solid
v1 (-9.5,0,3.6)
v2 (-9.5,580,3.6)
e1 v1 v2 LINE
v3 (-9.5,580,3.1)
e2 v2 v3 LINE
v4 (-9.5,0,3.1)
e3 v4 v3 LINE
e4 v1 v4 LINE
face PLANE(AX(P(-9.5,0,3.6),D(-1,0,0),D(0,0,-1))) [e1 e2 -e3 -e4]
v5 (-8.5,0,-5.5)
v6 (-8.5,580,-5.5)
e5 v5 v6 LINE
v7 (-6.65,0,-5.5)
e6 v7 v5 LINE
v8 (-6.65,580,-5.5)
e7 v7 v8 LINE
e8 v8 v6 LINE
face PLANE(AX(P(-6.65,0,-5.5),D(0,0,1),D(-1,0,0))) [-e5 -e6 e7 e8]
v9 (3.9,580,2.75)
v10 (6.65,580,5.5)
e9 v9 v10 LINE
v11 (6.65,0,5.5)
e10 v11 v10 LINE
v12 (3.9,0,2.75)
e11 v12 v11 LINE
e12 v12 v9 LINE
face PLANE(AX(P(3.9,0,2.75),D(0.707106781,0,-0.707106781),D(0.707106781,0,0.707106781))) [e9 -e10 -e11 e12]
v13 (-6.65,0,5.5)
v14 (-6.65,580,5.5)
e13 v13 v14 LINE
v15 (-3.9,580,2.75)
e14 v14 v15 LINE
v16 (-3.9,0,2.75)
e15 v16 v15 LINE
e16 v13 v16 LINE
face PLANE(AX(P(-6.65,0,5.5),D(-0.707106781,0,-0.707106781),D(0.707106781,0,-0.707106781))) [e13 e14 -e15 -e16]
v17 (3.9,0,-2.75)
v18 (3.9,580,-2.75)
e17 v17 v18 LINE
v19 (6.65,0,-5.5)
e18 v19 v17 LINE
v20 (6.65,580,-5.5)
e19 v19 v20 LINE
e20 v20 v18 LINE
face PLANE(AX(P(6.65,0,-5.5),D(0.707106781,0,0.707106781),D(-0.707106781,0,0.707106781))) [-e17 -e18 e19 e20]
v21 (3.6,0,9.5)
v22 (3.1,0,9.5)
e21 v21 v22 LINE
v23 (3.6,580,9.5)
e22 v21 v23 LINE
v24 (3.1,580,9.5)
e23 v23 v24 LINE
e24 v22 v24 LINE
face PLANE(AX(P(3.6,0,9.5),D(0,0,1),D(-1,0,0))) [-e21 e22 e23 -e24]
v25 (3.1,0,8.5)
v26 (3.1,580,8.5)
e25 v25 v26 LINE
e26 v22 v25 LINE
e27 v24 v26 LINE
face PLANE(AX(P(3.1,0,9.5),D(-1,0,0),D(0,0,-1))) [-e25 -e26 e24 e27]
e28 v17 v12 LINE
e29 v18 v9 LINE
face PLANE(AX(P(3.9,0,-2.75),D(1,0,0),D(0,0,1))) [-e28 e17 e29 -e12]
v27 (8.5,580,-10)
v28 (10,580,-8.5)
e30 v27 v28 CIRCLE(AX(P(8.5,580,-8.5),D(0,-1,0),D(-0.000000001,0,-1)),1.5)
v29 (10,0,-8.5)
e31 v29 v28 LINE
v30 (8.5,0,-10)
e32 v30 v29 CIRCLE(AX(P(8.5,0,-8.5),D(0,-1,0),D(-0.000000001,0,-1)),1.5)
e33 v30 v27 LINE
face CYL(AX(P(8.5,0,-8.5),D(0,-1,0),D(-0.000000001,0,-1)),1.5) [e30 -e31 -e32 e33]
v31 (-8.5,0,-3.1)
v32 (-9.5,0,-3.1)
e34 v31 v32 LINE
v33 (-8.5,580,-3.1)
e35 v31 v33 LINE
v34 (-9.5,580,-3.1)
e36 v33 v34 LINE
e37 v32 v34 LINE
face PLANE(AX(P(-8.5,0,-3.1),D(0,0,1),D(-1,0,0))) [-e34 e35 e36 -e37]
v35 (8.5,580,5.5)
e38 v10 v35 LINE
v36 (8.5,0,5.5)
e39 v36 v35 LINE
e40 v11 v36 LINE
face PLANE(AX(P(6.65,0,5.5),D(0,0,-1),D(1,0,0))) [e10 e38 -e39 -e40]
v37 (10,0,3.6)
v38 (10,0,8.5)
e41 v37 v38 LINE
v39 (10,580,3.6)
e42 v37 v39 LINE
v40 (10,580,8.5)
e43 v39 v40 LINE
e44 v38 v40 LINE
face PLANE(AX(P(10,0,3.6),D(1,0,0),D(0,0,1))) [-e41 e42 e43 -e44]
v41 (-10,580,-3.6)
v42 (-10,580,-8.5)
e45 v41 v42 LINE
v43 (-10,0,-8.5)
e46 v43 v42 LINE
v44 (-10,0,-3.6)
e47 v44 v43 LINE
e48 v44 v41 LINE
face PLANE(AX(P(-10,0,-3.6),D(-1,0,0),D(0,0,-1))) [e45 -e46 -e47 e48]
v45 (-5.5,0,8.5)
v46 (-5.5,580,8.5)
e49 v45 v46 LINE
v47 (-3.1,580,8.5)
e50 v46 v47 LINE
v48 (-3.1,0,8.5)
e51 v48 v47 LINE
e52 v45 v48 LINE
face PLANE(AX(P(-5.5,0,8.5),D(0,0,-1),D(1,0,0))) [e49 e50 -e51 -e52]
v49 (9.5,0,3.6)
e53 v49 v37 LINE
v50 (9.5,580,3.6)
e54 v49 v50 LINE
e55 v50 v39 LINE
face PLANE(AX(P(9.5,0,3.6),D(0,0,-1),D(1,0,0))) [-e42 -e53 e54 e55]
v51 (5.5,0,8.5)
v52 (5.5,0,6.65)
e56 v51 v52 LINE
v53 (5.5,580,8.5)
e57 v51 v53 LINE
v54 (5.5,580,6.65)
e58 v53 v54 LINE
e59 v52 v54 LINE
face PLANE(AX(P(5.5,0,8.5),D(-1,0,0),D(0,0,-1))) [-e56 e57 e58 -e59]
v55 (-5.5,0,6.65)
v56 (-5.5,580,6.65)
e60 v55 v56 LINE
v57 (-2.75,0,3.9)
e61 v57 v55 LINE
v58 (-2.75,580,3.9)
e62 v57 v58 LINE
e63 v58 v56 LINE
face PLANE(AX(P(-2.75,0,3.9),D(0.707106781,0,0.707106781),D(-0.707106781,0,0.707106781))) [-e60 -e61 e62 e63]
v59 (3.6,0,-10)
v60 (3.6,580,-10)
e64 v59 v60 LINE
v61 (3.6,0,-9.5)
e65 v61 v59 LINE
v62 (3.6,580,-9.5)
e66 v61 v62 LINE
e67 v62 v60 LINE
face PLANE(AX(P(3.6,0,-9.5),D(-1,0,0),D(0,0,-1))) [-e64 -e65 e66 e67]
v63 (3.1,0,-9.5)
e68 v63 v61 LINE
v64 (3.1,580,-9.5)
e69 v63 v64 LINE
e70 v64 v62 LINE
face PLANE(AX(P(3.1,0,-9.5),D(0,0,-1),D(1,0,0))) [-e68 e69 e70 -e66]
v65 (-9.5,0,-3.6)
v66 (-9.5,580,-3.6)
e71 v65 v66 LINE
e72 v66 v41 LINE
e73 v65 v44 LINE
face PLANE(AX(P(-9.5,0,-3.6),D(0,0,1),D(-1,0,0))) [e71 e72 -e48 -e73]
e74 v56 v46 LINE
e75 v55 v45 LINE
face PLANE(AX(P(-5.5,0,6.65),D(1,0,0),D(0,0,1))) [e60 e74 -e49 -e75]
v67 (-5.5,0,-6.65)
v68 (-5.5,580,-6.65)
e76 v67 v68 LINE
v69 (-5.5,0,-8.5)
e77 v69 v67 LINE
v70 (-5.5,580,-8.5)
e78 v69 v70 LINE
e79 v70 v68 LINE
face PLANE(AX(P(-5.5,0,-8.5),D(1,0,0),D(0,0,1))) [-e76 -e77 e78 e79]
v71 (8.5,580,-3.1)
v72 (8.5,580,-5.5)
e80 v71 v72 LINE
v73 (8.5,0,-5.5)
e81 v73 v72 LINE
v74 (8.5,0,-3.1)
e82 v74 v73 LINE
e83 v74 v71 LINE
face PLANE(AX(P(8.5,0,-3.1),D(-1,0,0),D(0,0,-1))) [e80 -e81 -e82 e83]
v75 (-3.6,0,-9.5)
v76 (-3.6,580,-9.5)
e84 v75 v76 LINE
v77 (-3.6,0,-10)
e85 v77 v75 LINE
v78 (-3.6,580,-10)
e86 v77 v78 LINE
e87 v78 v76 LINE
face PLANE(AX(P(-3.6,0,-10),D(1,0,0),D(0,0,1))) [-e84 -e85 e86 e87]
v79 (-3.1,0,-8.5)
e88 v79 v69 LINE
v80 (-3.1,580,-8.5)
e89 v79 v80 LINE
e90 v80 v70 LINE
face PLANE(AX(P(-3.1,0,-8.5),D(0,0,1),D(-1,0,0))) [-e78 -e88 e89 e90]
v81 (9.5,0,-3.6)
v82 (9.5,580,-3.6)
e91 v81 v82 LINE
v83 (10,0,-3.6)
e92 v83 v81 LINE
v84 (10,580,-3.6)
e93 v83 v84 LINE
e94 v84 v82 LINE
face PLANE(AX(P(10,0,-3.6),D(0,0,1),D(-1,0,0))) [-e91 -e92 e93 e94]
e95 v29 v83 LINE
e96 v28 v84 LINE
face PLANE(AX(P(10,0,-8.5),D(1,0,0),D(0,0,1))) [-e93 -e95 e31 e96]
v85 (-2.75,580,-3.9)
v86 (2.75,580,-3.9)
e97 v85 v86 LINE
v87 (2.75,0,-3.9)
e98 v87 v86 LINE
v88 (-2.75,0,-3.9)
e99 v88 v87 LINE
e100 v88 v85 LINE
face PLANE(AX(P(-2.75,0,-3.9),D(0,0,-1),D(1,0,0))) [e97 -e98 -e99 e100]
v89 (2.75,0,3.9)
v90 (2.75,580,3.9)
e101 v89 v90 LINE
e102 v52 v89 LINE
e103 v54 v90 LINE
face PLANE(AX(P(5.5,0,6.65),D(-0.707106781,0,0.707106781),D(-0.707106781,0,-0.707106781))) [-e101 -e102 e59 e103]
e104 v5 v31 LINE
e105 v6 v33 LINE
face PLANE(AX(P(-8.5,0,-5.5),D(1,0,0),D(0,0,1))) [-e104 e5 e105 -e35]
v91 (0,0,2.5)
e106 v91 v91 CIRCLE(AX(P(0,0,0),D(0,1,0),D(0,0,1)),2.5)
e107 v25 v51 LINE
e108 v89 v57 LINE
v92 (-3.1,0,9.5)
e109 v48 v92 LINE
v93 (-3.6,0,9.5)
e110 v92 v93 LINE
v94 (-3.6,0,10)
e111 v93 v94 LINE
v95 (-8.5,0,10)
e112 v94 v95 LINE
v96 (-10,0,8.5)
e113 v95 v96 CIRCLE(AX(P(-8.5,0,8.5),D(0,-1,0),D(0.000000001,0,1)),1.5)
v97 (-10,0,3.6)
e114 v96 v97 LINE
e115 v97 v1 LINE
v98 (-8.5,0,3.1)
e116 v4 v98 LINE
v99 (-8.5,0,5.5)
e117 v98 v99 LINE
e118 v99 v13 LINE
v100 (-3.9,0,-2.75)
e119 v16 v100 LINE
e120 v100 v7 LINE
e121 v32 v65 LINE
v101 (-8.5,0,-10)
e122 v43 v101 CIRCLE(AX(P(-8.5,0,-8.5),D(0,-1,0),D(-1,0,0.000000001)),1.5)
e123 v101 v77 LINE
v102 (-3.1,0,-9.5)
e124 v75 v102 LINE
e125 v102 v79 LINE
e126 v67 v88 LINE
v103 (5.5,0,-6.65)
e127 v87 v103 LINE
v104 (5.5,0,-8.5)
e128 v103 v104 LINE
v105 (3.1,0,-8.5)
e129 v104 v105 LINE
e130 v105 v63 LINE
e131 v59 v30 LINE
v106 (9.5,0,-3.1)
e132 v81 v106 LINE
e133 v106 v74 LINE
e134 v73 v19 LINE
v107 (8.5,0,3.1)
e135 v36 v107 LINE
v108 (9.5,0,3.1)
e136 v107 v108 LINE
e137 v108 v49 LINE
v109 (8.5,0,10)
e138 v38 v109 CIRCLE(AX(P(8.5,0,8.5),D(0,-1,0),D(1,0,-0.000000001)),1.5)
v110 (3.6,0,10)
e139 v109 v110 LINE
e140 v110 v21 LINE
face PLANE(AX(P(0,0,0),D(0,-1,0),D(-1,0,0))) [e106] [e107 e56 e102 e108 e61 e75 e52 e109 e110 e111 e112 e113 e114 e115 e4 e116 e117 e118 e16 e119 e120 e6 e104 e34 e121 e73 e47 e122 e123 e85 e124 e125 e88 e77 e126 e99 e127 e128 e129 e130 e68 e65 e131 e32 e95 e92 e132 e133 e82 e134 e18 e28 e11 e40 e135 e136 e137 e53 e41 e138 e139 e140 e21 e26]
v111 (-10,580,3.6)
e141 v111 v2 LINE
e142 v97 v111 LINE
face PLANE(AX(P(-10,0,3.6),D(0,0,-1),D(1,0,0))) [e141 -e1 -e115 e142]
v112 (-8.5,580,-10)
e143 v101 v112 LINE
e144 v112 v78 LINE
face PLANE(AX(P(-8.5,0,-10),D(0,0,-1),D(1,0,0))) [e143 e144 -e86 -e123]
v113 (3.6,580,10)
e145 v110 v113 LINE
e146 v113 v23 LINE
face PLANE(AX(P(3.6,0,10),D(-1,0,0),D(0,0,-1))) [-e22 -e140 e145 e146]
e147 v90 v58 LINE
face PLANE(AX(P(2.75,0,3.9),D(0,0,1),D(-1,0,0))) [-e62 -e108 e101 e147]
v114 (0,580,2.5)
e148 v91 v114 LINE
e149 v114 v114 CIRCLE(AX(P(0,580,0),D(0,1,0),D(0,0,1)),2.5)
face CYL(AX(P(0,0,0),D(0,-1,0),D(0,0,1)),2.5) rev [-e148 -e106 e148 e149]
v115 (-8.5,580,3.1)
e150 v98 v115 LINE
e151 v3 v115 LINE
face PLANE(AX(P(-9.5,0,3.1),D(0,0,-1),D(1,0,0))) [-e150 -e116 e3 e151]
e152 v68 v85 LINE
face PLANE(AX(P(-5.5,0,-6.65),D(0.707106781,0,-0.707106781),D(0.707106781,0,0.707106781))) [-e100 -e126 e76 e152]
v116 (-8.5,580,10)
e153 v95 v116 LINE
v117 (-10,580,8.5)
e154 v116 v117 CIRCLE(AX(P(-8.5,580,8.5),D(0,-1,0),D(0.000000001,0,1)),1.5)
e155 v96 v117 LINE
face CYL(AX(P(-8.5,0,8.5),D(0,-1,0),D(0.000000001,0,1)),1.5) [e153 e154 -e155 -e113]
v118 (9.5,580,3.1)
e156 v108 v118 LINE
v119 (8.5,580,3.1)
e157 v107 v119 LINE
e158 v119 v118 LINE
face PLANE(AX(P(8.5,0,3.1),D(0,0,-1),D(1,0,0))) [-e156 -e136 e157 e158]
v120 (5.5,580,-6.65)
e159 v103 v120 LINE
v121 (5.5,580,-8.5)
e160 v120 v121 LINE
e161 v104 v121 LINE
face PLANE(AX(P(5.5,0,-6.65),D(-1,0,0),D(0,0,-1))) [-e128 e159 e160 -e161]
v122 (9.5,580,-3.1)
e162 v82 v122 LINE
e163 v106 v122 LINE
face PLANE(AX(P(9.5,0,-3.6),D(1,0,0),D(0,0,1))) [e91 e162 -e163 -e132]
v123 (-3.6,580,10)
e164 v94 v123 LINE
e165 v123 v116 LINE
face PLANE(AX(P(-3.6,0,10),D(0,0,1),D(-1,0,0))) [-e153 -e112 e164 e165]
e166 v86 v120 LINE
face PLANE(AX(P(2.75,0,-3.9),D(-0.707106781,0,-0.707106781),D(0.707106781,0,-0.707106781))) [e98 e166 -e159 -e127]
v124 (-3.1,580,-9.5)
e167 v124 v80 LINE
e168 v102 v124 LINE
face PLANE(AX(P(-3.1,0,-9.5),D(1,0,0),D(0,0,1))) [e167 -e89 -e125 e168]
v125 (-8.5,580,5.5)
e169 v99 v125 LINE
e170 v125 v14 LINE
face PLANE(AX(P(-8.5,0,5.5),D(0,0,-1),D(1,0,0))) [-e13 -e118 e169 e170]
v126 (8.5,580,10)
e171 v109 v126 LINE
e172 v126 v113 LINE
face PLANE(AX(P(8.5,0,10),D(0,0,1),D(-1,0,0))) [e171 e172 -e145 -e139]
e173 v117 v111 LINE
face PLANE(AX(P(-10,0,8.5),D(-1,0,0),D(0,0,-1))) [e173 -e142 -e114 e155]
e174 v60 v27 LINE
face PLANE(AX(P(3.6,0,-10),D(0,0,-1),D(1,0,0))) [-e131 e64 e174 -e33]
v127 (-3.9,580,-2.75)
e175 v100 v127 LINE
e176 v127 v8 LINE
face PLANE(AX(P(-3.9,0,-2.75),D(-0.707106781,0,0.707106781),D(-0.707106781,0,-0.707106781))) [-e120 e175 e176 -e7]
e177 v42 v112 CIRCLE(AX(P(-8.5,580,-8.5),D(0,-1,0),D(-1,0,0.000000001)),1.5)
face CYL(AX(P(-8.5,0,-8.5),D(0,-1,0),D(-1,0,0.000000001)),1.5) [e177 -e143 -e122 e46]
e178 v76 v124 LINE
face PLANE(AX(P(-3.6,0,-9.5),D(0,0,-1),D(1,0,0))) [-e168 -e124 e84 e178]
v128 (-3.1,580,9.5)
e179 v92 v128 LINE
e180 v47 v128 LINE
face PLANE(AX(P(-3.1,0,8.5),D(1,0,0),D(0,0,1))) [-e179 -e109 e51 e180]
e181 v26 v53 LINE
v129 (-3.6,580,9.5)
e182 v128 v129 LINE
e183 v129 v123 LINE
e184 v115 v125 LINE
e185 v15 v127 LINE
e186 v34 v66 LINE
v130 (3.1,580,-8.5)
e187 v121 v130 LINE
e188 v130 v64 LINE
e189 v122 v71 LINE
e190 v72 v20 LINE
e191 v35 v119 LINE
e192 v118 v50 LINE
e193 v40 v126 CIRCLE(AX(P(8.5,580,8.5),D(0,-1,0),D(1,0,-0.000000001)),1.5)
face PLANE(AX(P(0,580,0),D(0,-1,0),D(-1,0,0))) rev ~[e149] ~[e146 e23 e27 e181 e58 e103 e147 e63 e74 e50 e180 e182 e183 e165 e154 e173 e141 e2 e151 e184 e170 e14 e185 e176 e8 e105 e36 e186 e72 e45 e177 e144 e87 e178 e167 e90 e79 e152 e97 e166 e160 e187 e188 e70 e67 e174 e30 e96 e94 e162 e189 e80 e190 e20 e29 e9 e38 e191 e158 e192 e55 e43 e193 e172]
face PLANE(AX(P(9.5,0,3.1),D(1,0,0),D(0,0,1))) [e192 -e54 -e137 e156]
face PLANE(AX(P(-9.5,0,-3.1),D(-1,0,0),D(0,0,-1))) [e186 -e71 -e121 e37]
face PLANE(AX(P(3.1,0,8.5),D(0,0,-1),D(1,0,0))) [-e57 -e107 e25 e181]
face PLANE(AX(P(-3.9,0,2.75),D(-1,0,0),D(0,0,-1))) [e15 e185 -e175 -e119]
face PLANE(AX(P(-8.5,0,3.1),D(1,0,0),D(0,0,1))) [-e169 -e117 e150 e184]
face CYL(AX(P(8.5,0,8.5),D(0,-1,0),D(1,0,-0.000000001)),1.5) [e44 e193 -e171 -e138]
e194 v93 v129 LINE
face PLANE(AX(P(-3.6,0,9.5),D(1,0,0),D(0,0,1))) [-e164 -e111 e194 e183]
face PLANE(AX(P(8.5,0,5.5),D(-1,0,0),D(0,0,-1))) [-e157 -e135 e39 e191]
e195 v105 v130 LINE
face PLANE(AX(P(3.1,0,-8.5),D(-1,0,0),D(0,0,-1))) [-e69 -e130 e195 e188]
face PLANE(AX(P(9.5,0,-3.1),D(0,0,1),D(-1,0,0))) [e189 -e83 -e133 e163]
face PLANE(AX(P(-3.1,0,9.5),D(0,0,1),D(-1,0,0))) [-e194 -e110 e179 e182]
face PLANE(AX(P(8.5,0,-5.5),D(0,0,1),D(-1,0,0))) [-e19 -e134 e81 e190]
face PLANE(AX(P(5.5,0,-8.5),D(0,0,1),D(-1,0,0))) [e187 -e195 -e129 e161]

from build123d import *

# Parameters (mm, degrees)
SKETCH_2_R      = 2.5
EXTRUDE_1_DEPTH = 580


with BuildPart() as part:
    # 草图2 → 凸台-拉伸1 (new body)
    with BuildSketch(Plane(origin=(0, 0, 0), x_dir=(1, 0, 0), z_dir=(0, 1, 0))):
        with BuildLine():
            Line((-3.6, 10), (-3.6, 9.5))
            Line((-3.6, 9.5), (-3.1, 9.5))
            Line((-3.1, 9.5), (-3.1, 8.5))
            Line((-3.1, 8.5), (-5.5, 8.5))
            Line((-5.5, 8.5), (-5.5, 6.65))
            Line((-5.5, 6.65), (-2.75, 3.9))
            Line((-2.75, 3.9), (2.75, 3.9))
            Line((2.75, 3.9), (5.5, 6.65))
            Line((5.5, 6.65), (5.5, 8.5))
            Line((5.5, 8.5), (3.1, 8.5))
            Line((3.1, 8.5), (3.1, 9.5))
            Line((3.1, 9.5), (3.6, 9.5))
            Line((3.6, 9.5), (3.6, 10))
            Line((3.6, 10), (8.5, 10))
            ThreePointArc((8.5, 10), (9.560660172, 9.560660172), (10, 8.5))
            Line((10, 8.5), (10, 3.6))
            Line((10, 3.6), (9.5, 3.6))
            Line((9.5, 3.6), (9.5, 3.1))
            Line((9.5, 3.1), (8.5, 3.1))
            Line((8.5, 3.1), (8.5, 5.5))
            Line((8.5, 5.5), (6.65, 5.5))
            Line((6.65, 5.5), (3.9, 2.75))
            Line((3.9, 2.75), (3.9, -2.75))
            Line((3.9, -2.75), (6.65, -5.5))
            Line((6.65, -5.5), (8.5, -5.5))
            Line((8.5, -5.5), (8.5, -3.1))
            Line((8.5, -3.1), (9.5, -3.1))
            Line((9.5, -3.1), (9.5, -3.6))
            Line((9.5, -3.6), (10, -3.6))
            Line((10, -3.6), (10, -8.5))
            ThreePointArc((10, -8.5), (9.560660172, -9.560660172), (8.5, -10))
            Line((8.5, -10), (3.6, -10))
            Line((3.6, -10), (3.6, -9.5))
            Line((3.6, -9.5), (3.1, -9.5))
            Line((3.1, -9.5), (3.1, -8.5))
            Line((3.1, -8.5), (5.5, -8.5))
            Line((5.5, -8.5), (5.5, -6.65))
            Line((5.5, -6.65), (2.75, -3.9))
            Line((2.75, -3.9), (-2.75, -3.9))
            Line((-2.75, -3.9), (-5.5, -6.65))
            Line((-5.5, -6.65), (-5.5, -8.5))
            Line((-5.5, -8.5), (-3.1, -8.5))
            Line((-3.1, -8.5), (-3.1, -9.5))
            Line((-3.1, -9.5), (-3.6, -9.5))
            Line((-3.6, -9.5), (-3.6, -10))
            Line((-3.6, -10), (-8.5, -10))
            ThreePointArc((-8.5, -10), (-9.560660172, -9.560660172), (-10, -8.5))
            Line((-10, -8.5), (-10, -3.6))
            Line((-10, -3.6), (-9.5, -3.6))
            Line((-9.5, -3.6), (-9.5, -3.1))
            Line((-9.5, -3.1), (-8.5, -3.1))
            Line((-8.5, -3.1), (-8.5, -5.5))
            Line((-8.5, -5.5), (-6.65, -5.5))
            Line((-6.65, -5.5), (-3.9, -2.75))
            Line((-3.9, -2.75), (-3.9, 2.75))
            Line((-3.9, 2.75), (-6.65, 5.5))
            Line((-6.65, 5.5), (-8.5, 5.5))
            Line((-8.5, 5.5), (-8.5, 3.1))
            Line((-8.5, 3.1), (-9.5, 3.1))
            Line((-9.5, 3.1), (-9.5, 3.6))
            Line((-9.5, 3.6), (-10, 3.6))
            Line((-10, 3.6), (-10, 8.5))
            ThreePointArc((-10, 8.5), (-9.560660172, 9.560660172), (-8.5, 10))
            Line((-8.5, 10), (-3.6, 10))
        make_face()
        with Locations(Location((0, 0, 0), (0, 0, 270))):
            Circle(SKETCH_2_R, mode=Mode.SUBTRACT)
    extrude(amount=EXTRUDE_1_DEPTH)


solid = part.part
